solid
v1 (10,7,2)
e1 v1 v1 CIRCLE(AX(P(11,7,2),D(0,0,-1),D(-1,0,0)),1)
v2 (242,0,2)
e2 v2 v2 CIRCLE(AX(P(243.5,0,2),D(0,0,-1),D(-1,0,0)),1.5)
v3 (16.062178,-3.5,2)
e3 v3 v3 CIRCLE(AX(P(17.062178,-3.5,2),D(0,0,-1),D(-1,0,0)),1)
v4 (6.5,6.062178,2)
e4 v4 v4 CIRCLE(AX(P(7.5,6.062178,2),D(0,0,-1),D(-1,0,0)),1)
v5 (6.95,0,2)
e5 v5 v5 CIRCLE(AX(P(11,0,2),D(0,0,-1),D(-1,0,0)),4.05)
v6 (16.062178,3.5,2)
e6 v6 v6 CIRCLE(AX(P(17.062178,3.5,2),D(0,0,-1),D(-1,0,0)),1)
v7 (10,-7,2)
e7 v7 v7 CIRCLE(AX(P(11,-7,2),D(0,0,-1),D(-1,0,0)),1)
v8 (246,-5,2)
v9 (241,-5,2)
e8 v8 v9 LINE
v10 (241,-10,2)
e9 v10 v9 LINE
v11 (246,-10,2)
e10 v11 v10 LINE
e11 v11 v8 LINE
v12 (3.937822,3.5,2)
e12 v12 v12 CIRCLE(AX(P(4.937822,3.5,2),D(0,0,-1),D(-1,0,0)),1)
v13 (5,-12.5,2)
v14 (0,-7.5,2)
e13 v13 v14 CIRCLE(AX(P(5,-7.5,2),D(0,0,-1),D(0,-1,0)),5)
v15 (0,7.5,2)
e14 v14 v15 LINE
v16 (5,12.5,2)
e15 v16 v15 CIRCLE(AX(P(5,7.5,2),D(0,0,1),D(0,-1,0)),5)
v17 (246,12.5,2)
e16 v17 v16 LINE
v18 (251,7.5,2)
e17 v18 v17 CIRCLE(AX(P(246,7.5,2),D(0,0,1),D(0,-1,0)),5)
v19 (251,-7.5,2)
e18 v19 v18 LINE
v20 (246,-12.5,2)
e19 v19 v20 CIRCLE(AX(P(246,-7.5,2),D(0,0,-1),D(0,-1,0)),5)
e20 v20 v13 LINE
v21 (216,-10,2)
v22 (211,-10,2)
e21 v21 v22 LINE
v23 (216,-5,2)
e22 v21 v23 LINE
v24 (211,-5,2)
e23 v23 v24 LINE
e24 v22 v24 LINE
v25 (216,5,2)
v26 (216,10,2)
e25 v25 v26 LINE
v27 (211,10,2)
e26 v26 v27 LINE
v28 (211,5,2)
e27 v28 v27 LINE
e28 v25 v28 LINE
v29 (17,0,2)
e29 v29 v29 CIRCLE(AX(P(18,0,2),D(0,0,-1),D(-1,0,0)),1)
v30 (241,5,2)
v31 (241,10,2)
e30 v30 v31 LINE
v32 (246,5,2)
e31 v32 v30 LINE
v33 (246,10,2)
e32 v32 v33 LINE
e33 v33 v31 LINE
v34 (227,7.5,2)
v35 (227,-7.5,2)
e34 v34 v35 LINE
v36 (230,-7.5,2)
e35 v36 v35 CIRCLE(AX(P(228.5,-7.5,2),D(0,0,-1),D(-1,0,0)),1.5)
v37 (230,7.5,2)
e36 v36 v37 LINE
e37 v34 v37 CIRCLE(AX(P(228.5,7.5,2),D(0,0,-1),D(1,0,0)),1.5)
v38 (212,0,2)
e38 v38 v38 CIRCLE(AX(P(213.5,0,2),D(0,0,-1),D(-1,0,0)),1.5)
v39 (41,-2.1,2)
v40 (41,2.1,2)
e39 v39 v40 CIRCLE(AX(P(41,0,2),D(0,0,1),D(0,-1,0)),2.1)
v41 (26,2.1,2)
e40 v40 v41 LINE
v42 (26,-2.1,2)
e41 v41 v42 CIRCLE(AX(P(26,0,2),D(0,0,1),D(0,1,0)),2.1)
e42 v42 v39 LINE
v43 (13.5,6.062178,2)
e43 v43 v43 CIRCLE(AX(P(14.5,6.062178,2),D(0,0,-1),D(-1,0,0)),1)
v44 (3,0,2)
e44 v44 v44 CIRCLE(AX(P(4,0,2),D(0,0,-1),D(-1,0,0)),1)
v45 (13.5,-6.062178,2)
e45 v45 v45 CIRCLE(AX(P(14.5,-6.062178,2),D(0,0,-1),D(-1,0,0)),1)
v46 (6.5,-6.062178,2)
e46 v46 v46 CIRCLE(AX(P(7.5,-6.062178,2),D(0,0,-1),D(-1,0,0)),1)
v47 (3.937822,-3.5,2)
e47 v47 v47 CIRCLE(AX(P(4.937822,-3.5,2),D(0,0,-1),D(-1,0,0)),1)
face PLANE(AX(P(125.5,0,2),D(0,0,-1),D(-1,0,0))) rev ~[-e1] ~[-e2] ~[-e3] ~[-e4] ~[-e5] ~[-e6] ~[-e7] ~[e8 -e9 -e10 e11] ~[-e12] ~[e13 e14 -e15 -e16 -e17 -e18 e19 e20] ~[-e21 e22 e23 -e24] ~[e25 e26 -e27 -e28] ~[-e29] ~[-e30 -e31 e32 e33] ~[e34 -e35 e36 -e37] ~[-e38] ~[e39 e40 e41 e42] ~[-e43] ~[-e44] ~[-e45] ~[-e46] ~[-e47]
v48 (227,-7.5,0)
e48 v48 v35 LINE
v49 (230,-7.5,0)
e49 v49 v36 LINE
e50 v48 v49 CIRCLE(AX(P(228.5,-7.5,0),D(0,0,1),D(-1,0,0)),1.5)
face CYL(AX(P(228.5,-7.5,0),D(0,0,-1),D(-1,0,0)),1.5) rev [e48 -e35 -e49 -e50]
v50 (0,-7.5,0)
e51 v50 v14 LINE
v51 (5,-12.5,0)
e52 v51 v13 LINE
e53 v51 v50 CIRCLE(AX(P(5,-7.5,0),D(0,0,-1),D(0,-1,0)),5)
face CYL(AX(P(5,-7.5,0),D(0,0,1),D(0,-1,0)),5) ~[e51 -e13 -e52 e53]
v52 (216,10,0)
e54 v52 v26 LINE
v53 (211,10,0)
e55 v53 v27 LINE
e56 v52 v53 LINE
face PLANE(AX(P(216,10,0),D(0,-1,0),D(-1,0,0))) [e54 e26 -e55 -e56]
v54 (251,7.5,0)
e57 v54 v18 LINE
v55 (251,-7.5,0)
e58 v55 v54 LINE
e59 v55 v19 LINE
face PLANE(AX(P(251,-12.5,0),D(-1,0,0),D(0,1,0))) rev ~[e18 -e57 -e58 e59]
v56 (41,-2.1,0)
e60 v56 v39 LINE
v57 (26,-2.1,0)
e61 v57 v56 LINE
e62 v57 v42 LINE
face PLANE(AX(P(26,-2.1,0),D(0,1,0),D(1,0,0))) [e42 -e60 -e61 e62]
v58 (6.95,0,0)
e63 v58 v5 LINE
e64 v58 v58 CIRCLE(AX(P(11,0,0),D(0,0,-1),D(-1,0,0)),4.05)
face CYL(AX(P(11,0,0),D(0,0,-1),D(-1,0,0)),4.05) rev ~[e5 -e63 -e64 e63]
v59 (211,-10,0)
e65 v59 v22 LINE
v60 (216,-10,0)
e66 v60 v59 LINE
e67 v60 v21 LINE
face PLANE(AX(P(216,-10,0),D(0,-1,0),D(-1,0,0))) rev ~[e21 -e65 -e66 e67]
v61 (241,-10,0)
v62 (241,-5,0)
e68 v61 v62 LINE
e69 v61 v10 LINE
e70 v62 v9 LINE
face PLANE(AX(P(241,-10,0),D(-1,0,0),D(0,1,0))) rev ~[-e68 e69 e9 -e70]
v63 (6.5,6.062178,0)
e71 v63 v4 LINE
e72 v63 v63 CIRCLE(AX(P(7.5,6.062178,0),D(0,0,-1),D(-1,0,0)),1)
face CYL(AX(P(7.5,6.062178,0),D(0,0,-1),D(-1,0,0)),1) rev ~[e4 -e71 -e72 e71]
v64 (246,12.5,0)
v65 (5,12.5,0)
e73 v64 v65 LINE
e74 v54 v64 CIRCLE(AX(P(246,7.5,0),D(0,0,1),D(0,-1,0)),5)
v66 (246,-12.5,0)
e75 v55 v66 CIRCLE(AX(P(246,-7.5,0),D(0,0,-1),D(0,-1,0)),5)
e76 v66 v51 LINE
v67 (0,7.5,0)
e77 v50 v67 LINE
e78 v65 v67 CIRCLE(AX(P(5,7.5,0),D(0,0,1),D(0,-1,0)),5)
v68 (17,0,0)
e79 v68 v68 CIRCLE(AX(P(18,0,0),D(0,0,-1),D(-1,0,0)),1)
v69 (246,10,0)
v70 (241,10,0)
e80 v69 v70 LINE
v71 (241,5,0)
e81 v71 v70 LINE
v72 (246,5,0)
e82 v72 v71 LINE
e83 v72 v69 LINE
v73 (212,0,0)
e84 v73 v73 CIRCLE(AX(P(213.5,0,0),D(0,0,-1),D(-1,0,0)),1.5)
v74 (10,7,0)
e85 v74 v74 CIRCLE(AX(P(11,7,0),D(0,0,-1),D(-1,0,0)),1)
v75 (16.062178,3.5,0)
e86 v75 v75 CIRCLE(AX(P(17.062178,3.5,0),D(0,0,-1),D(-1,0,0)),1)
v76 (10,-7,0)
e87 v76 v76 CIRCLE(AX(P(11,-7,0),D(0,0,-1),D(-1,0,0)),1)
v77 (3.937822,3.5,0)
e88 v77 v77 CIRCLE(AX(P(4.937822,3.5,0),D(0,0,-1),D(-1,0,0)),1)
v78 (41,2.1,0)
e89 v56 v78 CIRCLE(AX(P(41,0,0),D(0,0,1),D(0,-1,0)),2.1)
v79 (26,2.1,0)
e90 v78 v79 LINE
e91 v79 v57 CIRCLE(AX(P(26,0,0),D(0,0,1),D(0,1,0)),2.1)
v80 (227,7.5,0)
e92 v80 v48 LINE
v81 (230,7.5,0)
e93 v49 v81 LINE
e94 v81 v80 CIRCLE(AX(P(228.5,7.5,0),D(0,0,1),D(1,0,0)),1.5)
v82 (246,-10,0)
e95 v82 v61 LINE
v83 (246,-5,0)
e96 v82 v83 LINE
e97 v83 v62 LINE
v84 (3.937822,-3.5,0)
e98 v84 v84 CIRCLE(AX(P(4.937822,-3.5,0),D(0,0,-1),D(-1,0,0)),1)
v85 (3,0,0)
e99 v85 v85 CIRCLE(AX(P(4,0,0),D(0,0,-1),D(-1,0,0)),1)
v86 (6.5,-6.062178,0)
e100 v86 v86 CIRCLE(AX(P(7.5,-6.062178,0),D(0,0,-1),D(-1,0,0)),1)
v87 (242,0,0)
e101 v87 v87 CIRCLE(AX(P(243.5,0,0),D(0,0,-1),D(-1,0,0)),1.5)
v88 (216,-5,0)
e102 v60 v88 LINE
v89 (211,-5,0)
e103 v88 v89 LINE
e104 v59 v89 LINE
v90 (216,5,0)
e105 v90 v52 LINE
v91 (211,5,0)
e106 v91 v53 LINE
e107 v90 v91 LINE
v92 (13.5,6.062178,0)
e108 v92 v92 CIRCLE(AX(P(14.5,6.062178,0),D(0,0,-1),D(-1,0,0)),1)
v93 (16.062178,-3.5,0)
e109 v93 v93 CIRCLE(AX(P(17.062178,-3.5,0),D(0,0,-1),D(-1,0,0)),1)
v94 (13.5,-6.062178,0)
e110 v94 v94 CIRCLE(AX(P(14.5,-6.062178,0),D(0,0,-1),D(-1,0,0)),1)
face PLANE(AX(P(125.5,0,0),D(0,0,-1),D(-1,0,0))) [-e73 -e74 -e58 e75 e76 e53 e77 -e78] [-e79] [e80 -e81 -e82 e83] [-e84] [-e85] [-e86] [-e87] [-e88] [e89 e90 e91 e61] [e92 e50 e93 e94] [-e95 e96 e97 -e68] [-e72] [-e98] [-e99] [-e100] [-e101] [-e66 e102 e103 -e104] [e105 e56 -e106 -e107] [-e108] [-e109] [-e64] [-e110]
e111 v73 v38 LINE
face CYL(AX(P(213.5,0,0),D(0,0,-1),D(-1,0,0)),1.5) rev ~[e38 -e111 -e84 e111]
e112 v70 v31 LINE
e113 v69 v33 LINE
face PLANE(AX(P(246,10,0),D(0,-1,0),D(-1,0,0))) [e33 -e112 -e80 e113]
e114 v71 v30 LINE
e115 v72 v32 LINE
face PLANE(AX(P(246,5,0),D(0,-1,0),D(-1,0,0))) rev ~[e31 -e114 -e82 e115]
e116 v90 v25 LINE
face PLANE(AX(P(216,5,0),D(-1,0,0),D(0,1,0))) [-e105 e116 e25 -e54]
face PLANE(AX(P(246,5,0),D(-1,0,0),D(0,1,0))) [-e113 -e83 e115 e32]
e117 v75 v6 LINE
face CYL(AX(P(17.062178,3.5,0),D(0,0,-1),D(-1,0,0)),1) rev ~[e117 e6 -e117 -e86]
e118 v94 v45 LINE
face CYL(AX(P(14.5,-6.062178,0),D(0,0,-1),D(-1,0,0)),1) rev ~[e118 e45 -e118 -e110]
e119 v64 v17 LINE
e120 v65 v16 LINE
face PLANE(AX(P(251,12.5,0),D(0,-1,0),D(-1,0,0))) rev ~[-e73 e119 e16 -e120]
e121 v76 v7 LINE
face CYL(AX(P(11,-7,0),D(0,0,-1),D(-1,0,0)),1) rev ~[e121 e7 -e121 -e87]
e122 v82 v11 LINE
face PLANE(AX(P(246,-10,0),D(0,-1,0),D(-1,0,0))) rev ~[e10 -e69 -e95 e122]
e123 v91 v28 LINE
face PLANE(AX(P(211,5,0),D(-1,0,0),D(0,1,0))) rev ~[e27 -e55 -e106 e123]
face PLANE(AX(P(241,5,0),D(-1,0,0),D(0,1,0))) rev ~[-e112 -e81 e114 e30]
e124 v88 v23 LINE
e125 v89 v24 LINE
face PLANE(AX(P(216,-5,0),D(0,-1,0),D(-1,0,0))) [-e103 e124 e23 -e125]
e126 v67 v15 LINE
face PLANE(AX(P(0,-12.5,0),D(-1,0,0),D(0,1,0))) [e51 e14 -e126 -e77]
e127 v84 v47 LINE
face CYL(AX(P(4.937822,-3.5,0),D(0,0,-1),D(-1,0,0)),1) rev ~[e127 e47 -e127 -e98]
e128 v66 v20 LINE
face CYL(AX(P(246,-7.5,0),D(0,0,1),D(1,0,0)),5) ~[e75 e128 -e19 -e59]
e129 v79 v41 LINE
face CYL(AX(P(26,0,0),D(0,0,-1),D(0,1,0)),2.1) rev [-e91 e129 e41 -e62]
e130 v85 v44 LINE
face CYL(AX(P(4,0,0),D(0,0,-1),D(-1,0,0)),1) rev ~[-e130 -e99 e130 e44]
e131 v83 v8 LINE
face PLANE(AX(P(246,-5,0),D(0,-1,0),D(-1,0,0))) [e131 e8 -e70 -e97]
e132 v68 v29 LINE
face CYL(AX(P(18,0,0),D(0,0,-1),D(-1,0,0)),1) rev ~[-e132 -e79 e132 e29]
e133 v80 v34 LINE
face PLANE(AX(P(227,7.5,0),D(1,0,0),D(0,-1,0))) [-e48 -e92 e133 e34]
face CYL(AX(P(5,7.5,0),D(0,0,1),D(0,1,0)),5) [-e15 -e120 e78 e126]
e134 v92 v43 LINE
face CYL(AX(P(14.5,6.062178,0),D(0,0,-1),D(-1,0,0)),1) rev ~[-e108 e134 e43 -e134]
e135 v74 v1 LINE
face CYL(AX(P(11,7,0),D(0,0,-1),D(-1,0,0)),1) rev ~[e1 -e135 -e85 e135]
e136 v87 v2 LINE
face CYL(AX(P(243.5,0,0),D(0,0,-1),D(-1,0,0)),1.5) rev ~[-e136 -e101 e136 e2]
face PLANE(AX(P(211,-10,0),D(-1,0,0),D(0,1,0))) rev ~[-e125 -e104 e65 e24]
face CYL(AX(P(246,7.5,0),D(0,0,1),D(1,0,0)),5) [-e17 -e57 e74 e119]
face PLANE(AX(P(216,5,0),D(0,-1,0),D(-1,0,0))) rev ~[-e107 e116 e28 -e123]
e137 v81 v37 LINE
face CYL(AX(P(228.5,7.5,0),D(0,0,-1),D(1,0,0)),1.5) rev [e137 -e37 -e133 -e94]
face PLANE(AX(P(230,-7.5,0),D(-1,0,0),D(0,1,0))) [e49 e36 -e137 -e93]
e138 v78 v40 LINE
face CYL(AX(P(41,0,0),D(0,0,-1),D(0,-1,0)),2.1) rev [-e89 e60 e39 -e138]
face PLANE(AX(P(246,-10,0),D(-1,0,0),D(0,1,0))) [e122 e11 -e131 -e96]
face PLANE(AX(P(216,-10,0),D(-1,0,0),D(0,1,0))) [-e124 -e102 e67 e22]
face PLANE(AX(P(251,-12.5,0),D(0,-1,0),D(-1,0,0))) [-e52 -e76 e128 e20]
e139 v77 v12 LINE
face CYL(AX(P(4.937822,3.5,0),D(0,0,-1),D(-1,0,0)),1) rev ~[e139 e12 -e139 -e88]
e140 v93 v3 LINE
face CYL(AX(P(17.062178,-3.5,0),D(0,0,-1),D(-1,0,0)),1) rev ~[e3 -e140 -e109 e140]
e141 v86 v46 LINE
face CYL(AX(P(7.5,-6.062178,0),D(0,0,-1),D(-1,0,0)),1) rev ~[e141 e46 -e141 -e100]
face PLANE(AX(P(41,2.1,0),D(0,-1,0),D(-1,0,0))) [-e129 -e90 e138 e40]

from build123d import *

# Parameters (mm, degrees)
ESQUISSE2_W             = 251
ESQUISSE2_H             = 25
ESQUISSE2_R             = 4.05
ESQUISSE2_R_2           = 1
ESQUISSE2_R_3           = 1.5
ESQUISSE2_W_2           = 5
ESQUISSE2_H_2           = 5
BOSS_EXTRU_1_DEPTH      = 2
CONG_1_R                = 5
ESQUISSE3_R             = 1.5
ESQUISSE3_W             = 5
ESQUISSE3_H             = 5
ENL_V_MAT_EXTRU_1_DEPTH = 10


with BuildPart() as part:
    # Esquisse2 → Boss.-Extru.1 (new body)
    with BuildSketch(Plane(origin=(0, 0, 0), x_dir=(-1, 0, 0), z_dir=(0, 0, -1))):
        with Locations((-125.5, 0)):
            Rectangle(ESQUISSE2_W, ESQUISSE2_H)
        with Locations((-11, 0)):
            Circle(ESQUISSE2_R, mode=Mode.SUBTRACT)
        with Locations((-4, 0)):
            Circle(ESQUISSE2_R_2, mode=Mode.SUBTRACT)
        with Locations((-4.937822174, -3.5)):
            Circle(ESQUISSE2_R_2, mode=Mode.SUBTRACT)
        with Locations((-7.5, -6.062177826)):
            Circle(ESQUISSE2_R_2, mode=Mode.SUBTRACT)
        with Locations((-11, -7)):
            Circle(ESQUISSE2_R_2, mode=Mode.SUBTRACT)
        with Locations((-14.5, -6.062177826)):
            Circle(ESQUISSE2_R_2, mode=Mode.SUBTRACT)
        with Locations((-17.062177826, -3.5)):
            Circle(ESQUISSE2_R_2, mode=Mode.SUBTRACT)
        with Locations((-18, 0)):
            Circle(ESQUISSE2_R_2, mode=Mode.SUBTRACT)
        with Locations((-17.062177826, 3.5)):
            Circle(ESQUISSE2_R_2, mode=Mode.SUBTRACT)
        with Locations((-14.5, 6.062177826)):
            Circle(ESQUISSE2_R_2, mode=Mode.SUBTRACT)
        with Locations((-11, 7)):
            Circle(ESQUISSE2_R_2, mode=Mode.SUBTRACT)
        with Locations((-7.5, 6.062177826)):
            Circle(ESQUISSE2_R_2, mode=Mode.SUBTRACT)
        with Locations((-4.937822174, 3.5)):
            Circle(ESQUISSE2_R_2, mode=Mode.SUBTRACT)
        with Locations((-243.5, 0)):
            Circle(ESQUISSE2_R_3, mode=Mode.SUBTRACT)
        with BuildLine():
            Line((-26, -2.1), (-41, -2.1))
            ThreePointArc((-41, -2.1), (-43.1, 0), (-41, 2.1))
            Line((-41, 2.1), (-26, 2.1))
            ThreePointArc((-26, 2.1), (-23.9, 0), (-26, -2.1))
        make_face(mode=Mode.SUBTRACT)
        with Locations((-243.5, -7.5)):
            Rectangle(ESQUISSE2_W_2, ESQUISSE2_H_2, mode=Mode.SUBTRACT)
        with Locations((-243.5, 7.5)):
            Rectangle(ESQUISSE2_W_2, ESQUISSE2_H_2, mode=Mode.SUBTRACT)
    extrude(amount=-BOSS_EXTRU_1_DEPTH)

    # Congé1
    cong_1_edges = [part.edges().sort_by_distance(p)[0] for p in [
        (251, 12.5, 1),
        (0, 12.5, 1),
        (0, -12.5, 1),
        (251, -12.5, 1),
    ]]
    fillet(cong_1_edges, radius=CONG_1_R)

    # Esquisse3 → Enlèv. mat.-Extru.1 (cut)
    with BuildSketch(Plane(origin=(0, 0, 0), x_dir=(-1, 0, 0), z_dir=(0, 0, -1))):
        with Locations((-243.5, 0)):
            Circle(ESQUISSE3_R)
        with Locations((-213.5, 0)):
            Circle(ESQUISSE3_R)
        with Locations((-243.5, -7.5)):
            Rectangle(ESQUISSE3_W, ESQUISSE3_H)
        with Locations((-243.5, 7.5)):
            Rectangle(ESQUISSE3_W, ESQUISSE3_H)
        with Locations((-213.5, -7.5)):
            Rectangle(ESQUISSE3_W, ESQUISSE3_H)
        with Locations((-213.5, 7.5)):
            Rectangle(ESQUISSE3_W, ESQUISSE3_H)
        with BuildLine():
            Line((-230, -7.5), (-230, 7.5))
            ThreePointArc((-230, 7.5), (-228.5, 9), (-227, 7.5))
            Line((-227, 7.5), (-227, -7.5))
            ThreePointArc((-227, -7.5), (-228.5, -9), (-230, -7.5))
        make_face()
    extrude(amount=-ENL_V_MAT_EXTRU_1_DEPTH, mode=Mode.SUBTRACT)


solid = part.part
